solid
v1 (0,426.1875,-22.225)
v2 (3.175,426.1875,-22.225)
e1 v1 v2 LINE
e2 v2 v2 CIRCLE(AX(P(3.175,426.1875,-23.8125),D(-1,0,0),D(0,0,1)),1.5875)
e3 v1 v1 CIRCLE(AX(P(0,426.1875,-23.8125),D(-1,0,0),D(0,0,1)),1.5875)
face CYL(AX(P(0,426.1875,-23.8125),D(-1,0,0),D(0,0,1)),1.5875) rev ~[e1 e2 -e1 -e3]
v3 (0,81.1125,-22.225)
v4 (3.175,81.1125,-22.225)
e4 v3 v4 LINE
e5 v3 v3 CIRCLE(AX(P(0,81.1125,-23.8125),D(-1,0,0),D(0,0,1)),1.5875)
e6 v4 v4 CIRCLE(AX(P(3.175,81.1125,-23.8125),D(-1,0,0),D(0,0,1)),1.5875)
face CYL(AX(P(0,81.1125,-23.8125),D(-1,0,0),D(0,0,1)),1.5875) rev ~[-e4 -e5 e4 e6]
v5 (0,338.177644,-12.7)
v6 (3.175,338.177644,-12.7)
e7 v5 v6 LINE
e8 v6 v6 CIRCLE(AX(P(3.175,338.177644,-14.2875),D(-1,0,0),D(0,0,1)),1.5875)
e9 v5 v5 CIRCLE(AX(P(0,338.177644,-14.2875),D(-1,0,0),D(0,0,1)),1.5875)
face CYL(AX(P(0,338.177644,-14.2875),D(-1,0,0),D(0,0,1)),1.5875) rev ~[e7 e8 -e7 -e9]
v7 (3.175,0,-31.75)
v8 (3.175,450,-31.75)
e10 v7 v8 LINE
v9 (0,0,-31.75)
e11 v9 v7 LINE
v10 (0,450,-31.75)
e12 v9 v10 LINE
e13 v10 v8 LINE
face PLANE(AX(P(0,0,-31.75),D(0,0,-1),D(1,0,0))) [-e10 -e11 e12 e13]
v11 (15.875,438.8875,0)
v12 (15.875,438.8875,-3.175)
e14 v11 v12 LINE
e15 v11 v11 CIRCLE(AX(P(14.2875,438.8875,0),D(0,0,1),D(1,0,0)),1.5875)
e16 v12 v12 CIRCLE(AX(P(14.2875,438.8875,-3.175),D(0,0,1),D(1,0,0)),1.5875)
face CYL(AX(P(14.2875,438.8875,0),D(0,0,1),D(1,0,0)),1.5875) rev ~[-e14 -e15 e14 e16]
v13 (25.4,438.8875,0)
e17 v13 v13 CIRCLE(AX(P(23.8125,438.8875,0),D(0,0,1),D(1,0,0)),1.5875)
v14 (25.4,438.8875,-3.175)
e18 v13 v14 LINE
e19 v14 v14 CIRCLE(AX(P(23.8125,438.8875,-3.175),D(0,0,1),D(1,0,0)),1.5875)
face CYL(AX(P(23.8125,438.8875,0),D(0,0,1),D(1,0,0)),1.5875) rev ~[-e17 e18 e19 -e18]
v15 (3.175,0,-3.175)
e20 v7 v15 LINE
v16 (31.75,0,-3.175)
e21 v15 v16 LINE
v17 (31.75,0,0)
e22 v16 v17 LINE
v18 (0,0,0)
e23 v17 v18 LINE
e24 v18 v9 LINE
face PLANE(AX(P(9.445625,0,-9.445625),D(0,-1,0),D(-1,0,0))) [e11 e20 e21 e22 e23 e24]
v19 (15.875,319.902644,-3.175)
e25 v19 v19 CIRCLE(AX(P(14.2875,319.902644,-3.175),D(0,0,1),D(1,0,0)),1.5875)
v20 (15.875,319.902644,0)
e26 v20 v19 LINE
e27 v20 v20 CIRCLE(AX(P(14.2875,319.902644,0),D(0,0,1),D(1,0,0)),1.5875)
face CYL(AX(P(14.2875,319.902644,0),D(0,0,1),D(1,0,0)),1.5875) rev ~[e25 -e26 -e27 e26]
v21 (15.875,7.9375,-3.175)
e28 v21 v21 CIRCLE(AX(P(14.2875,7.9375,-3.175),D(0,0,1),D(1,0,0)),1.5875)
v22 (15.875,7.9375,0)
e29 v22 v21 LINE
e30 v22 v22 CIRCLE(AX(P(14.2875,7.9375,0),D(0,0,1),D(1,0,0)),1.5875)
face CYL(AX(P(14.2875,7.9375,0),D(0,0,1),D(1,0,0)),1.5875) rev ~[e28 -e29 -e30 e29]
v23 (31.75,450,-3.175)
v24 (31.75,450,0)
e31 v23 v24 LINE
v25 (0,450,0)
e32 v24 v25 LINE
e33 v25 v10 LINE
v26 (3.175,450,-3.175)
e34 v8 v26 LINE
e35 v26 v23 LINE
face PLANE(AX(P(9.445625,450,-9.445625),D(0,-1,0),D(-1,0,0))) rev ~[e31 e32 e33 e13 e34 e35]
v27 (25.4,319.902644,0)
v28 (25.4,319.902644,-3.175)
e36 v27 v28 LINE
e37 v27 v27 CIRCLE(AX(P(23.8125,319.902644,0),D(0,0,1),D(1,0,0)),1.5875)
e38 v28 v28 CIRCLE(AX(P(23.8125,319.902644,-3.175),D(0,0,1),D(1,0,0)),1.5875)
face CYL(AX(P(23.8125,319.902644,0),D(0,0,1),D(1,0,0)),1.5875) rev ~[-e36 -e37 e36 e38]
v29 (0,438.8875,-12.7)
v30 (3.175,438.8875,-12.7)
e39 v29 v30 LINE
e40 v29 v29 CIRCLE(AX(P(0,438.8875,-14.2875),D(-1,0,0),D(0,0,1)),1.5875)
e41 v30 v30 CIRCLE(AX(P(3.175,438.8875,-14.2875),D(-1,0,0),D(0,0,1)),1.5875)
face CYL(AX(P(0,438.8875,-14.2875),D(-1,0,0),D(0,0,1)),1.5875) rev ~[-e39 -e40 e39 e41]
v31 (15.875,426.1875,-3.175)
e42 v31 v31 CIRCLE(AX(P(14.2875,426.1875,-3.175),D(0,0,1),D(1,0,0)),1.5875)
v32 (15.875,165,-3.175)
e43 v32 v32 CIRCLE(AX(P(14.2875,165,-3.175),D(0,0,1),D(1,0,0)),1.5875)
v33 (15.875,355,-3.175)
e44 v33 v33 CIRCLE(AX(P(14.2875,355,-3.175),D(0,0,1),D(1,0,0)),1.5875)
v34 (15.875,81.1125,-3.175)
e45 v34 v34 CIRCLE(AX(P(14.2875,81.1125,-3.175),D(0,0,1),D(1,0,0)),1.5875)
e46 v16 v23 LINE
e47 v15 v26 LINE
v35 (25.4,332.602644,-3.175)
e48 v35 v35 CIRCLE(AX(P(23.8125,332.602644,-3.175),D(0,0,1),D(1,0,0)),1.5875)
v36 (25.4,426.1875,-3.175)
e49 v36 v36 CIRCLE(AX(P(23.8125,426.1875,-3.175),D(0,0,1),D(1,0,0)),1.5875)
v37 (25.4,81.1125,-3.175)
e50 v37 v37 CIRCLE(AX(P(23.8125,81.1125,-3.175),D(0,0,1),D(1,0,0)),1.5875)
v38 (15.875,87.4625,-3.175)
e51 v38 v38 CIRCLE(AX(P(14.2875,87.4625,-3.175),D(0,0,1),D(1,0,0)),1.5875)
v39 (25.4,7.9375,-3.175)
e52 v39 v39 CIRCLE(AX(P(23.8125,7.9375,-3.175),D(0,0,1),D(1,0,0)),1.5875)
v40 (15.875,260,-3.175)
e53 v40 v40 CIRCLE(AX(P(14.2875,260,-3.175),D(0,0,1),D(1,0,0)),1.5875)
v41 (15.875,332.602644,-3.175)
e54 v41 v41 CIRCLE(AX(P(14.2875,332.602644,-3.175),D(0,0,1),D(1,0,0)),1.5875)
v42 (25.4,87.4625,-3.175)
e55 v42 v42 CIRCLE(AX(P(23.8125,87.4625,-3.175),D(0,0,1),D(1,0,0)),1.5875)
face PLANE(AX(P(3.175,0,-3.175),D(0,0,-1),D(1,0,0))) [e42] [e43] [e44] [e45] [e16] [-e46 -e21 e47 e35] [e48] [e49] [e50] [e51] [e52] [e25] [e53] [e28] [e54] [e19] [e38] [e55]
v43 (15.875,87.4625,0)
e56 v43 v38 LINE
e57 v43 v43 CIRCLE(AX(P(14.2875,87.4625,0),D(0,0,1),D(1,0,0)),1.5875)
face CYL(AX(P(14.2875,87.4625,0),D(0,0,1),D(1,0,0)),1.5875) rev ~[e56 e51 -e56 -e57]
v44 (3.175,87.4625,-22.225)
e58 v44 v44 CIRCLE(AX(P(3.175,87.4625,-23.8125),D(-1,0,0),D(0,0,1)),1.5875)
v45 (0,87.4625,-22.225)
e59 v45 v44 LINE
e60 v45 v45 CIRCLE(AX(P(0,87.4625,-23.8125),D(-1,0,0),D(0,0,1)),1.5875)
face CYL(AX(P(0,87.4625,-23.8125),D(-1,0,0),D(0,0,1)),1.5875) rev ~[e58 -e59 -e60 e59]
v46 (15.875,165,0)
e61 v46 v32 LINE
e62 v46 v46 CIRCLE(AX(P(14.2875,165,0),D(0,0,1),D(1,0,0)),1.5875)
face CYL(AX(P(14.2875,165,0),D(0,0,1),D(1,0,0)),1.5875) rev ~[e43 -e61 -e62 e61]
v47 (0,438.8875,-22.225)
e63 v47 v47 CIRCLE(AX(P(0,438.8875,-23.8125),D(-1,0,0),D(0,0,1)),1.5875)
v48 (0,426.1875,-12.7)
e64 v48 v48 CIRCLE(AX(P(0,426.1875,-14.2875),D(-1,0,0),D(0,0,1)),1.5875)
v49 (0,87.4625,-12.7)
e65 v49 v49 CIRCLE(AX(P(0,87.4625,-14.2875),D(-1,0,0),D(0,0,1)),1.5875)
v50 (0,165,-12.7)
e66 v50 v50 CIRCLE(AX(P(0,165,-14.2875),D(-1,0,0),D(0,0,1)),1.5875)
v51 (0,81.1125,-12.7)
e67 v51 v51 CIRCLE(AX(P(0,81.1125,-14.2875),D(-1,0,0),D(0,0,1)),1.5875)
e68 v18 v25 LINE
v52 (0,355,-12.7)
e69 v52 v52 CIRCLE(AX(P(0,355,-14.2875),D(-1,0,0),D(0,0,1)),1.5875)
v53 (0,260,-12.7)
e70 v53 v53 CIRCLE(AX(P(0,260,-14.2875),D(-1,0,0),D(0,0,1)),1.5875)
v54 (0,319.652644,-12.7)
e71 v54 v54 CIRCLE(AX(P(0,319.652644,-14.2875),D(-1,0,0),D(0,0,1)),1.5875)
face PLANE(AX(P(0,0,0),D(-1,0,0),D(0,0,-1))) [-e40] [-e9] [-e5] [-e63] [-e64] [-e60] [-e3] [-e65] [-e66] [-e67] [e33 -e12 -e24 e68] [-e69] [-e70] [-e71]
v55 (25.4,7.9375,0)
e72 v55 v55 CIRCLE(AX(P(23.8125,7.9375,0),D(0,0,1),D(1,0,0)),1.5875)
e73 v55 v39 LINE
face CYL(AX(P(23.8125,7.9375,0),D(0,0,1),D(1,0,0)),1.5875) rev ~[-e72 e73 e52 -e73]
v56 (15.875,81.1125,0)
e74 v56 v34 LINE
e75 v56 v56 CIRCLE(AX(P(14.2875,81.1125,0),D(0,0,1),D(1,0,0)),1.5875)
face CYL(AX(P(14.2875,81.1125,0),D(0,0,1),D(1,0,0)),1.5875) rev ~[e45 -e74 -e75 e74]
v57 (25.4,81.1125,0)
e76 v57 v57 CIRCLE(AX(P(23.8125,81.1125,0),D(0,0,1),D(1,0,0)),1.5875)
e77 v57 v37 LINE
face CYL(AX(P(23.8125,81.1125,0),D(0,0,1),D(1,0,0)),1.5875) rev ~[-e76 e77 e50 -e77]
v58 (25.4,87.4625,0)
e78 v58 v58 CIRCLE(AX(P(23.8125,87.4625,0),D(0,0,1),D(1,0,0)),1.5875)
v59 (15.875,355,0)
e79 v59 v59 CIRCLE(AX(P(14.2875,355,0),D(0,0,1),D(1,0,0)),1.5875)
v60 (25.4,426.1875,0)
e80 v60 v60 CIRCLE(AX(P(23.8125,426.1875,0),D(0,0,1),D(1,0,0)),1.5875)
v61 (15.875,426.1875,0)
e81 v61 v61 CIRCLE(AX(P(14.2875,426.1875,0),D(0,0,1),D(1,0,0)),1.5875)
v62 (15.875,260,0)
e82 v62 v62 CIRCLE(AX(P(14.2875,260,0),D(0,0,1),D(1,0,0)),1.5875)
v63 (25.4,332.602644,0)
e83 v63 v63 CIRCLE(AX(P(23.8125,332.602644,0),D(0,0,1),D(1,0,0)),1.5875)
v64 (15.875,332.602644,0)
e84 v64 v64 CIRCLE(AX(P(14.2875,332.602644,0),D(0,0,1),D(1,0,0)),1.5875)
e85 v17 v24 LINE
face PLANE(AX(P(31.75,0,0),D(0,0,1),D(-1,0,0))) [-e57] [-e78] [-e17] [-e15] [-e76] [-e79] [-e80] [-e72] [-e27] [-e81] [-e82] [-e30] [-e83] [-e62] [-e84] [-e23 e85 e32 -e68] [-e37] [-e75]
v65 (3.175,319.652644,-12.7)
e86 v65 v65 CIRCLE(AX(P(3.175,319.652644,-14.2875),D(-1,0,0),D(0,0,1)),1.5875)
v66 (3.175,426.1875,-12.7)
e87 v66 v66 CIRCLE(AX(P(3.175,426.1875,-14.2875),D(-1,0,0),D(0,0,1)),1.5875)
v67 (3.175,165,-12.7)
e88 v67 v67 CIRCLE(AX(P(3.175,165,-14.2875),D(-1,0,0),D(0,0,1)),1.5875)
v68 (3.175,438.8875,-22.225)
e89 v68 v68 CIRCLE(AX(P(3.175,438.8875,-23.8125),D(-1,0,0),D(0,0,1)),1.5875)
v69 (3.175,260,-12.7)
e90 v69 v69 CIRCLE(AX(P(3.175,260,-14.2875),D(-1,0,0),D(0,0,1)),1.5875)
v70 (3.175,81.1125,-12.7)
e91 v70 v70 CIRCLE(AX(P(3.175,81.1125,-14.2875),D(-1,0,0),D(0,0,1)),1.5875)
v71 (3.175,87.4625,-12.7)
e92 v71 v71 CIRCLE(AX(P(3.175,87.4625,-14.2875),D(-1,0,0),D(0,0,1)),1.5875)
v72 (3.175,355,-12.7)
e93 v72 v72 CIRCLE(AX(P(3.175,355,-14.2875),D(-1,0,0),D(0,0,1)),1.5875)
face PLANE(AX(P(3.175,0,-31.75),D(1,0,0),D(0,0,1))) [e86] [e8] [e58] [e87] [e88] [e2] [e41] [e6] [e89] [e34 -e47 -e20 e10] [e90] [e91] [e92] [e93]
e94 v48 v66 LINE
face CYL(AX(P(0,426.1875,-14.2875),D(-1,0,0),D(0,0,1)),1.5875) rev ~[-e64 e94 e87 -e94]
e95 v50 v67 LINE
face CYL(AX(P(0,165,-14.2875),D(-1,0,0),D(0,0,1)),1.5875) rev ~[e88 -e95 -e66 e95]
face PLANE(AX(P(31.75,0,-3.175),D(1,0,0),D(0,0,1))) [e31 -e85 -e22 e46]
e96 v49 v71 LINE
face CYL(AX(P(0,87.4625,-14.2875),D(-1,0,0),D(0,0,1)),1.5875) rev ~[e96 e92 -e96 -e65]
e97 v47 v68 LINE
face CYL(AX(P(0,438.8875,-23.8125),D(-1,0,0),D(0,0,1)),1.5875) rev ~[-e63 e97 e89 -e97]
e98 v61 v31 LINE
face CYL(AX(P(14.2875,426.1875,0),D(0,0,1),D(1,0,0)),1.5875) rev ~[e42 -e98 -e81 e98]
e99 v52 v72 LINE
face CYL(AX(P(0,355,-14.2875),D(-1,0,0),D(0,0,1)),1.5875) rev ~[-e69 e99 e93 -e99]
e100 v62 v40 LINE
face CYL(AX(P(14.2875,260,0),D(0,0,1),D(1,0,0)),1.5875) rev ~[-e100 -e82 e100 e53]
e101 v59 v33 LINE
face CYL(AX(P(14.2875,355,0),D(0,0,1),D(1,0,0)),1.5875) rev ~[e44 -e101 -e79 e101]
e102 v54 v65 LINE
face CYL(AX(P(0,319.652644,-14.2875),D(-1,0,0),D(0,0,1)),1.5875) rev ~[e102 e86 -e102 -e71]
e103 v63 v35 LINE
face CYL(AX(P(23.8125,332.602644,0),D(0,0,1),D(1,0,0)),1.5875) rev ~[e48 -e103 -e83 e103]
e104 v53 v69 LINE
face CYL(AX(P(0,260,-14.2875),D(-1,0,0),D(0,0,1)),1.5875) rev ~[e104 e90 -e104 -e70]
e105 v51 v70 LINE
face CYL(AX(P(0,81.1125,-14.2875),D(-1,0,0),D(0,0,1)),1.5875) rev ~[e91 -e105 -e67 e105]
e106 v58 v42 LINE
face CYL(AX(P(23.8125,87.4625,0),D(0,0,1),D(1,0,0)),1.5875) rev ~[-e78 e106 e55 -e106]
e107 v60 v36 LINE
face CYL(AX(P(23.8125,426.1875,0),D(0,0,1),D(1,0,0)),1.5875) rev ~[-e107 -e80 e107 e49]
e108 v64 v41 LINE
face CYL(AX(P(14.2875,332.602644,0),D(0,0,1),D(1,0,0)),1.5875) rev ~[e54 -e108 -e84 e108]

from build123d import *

# Parameters (mm, degrees)
BOSS_EXTRUDE1_DEPTH               = 450
RIGHTSIDEHOLES_SKETCH3_R          = 1.5875
RIGHTSIDEHOLES_CUT_EXTRUDE1_DEPTH = 3.175
FRONTSIDEHOLES_SKETCH4_R          = 1.5875
FRONTSIDEHOLES_CUT_EXTRUDE2_DEPTH = 3.175


with BuildPart() as part:
    # Sketch2 → Boss-Extrude1 (new body)
    with BuildSketch(Plane(origin=(0, 0, 0), x_dir=(1, 0, 0), z_dir=(0, 1, 0))):
        Polygon((0, 31.75), (3.175, 31.75), (3.175, 3.175), (31.75, 3.175), (31.75, 0), (0, 0), align=None)
    extrude(amount=BOSS_EXTRUDE1_DEPTH)

    # RightSideHoles-Sketch3 → RightSideHoles-Cut-Extrude1 (cut)
    with BuildSketch(Plane.XY):
        with Locations((14.2875, 81.1125)):
            Circle(RIGHTSIDEHOLES_SKETCH3_R)
        with Locations((23.8125, 81.1125)):
            Circle(RIGHTSIDEHOLES_SKETCH3_R)
        with Locations((14.2875, 87.4625)):
            Circle(RIGHTSIDEHOLES_SKETCH3_R)
        with Locations((23.8125, 87.4625)):
            Circle(RIGHTSIDEHOLES_SKETCH3_R)
        with Locations((14.2875, 438.8875)):
            Circle(RIGHTSIDEHOLES_SKETCH3_R)
        with Locations((14.2875, 426.1875)):
            Circle(RIGHTSIDEHOLES_SKETCH3_R)
        with Locations((23.8125, 438.8875)):
            Circle(RIGHTSIDEHOLES_SKETCH3_R)
        with Locations((23.8125, 426.1875)):
            Circle(RIGHTSIDEHOLES_SKETCH3_R)
        with Locations((14.2875, 332.602644)):
            Circle(RIGHTSIDEHOLES_SKETCH3_R)
        with Locations((23.8125, 332.602644)):
            Circle(RIGHTSIDEHOLES_SKETCH3_R)
        with Locations((14.2875, 319.902644)):
            Circle(RIGHTSIDEHOLES_SKETCH3_R)
        with Locations((23.8125, 319.902644)):
            Circle(RIGHTSIDEHOLES_SKETCH3_R)
        with Locations((14.2875, 7.9375)):
            Circle(RIGHTSIDEHOLES_SKETCH3_R)
        with Locations((23.8125, 7.9375)):
            Circle(RIGHTSIDEHOLES_SKETCH3_R)
        with Locations((14.2875, 165)):
            Circle(RIGHTSIDEHOLES_SKETCH3_R)
        with Locations((14.2875, 260)):
            Circle(RIGHTSIDEHOLES_SKETCH3_R)
        with Locations((14.2875, 355)):
            Circle(RIGHTSIDEHOLES_SKETCH3_R)
    extrude(amount=-RIGHTSIDEHOLES_CUT_EXTRUDE1_DEPTH, mode=Mode.SUBTRACT)

    # FrontSideHoles-Sketch4 → FrontSideHoles-Cut-Extrude2 (cut)
    with BuildSketch(Plane.ZY):
        with Locations((-23.8125, 81.1125)):
            Circle(FRONTSIDEHOLES_SKETCH4_R)
        with Locations((-14.2875, 81.1125)):
            Circle(FRONTSIDEHOLES_SKETCH4_R)
        with Locations((-23.8125, 87.4625)):
            Circle(FRONTSIDEHOLES_SKETCH4_R)
        with Locations((-14.2875, 87.4625)):
            Circle(FRONTSIDEHOLES_SKETCH4_R)
        with Locations((-23.8125, 438.8875)):
            Circle(FRONTSIDEHOLES_SKETCH4_R)
        with Locations((-14.2875, 438.8875)):
            Circle(FRONTSIDEHOLES_SKETCH4_R)
        with Locations((-23.8125, 426.1875)):
            Circle(FRONTSIDEHOLES_SKETCH4_R)
        with Locations((-14.2875, 426.1875)):
            Circle(FRONTSIDEHOLES_SKETCH4_R)
        with Locations((-14.2875, 338.177644)):
            Circle(FRONTSIDEHOLES_SKETCH4_R)
        with Locations((-14.2875, 319.652644)):
            Circle(FRONTSIDEHOLES_SKETCH4_R)
        with Locations((-14.2875, 165)):
            Circle(FRONTSIDEHOLES_SKETCH4_R)
        with Locations((-14.2875, 260)):
            Circle(FRONTSIDEHOLES_SKETCH4_R)
        with Locations((-14.2875, 355)):
            Circle(FRONTSIDEHOLES_SKETCH4_R)
    extrude(amount=-FRONTSIDEHOLES_CUT_EXTRUDE2_DEPTH, mode=Mode.SUBTRACT)


solid = part.part
